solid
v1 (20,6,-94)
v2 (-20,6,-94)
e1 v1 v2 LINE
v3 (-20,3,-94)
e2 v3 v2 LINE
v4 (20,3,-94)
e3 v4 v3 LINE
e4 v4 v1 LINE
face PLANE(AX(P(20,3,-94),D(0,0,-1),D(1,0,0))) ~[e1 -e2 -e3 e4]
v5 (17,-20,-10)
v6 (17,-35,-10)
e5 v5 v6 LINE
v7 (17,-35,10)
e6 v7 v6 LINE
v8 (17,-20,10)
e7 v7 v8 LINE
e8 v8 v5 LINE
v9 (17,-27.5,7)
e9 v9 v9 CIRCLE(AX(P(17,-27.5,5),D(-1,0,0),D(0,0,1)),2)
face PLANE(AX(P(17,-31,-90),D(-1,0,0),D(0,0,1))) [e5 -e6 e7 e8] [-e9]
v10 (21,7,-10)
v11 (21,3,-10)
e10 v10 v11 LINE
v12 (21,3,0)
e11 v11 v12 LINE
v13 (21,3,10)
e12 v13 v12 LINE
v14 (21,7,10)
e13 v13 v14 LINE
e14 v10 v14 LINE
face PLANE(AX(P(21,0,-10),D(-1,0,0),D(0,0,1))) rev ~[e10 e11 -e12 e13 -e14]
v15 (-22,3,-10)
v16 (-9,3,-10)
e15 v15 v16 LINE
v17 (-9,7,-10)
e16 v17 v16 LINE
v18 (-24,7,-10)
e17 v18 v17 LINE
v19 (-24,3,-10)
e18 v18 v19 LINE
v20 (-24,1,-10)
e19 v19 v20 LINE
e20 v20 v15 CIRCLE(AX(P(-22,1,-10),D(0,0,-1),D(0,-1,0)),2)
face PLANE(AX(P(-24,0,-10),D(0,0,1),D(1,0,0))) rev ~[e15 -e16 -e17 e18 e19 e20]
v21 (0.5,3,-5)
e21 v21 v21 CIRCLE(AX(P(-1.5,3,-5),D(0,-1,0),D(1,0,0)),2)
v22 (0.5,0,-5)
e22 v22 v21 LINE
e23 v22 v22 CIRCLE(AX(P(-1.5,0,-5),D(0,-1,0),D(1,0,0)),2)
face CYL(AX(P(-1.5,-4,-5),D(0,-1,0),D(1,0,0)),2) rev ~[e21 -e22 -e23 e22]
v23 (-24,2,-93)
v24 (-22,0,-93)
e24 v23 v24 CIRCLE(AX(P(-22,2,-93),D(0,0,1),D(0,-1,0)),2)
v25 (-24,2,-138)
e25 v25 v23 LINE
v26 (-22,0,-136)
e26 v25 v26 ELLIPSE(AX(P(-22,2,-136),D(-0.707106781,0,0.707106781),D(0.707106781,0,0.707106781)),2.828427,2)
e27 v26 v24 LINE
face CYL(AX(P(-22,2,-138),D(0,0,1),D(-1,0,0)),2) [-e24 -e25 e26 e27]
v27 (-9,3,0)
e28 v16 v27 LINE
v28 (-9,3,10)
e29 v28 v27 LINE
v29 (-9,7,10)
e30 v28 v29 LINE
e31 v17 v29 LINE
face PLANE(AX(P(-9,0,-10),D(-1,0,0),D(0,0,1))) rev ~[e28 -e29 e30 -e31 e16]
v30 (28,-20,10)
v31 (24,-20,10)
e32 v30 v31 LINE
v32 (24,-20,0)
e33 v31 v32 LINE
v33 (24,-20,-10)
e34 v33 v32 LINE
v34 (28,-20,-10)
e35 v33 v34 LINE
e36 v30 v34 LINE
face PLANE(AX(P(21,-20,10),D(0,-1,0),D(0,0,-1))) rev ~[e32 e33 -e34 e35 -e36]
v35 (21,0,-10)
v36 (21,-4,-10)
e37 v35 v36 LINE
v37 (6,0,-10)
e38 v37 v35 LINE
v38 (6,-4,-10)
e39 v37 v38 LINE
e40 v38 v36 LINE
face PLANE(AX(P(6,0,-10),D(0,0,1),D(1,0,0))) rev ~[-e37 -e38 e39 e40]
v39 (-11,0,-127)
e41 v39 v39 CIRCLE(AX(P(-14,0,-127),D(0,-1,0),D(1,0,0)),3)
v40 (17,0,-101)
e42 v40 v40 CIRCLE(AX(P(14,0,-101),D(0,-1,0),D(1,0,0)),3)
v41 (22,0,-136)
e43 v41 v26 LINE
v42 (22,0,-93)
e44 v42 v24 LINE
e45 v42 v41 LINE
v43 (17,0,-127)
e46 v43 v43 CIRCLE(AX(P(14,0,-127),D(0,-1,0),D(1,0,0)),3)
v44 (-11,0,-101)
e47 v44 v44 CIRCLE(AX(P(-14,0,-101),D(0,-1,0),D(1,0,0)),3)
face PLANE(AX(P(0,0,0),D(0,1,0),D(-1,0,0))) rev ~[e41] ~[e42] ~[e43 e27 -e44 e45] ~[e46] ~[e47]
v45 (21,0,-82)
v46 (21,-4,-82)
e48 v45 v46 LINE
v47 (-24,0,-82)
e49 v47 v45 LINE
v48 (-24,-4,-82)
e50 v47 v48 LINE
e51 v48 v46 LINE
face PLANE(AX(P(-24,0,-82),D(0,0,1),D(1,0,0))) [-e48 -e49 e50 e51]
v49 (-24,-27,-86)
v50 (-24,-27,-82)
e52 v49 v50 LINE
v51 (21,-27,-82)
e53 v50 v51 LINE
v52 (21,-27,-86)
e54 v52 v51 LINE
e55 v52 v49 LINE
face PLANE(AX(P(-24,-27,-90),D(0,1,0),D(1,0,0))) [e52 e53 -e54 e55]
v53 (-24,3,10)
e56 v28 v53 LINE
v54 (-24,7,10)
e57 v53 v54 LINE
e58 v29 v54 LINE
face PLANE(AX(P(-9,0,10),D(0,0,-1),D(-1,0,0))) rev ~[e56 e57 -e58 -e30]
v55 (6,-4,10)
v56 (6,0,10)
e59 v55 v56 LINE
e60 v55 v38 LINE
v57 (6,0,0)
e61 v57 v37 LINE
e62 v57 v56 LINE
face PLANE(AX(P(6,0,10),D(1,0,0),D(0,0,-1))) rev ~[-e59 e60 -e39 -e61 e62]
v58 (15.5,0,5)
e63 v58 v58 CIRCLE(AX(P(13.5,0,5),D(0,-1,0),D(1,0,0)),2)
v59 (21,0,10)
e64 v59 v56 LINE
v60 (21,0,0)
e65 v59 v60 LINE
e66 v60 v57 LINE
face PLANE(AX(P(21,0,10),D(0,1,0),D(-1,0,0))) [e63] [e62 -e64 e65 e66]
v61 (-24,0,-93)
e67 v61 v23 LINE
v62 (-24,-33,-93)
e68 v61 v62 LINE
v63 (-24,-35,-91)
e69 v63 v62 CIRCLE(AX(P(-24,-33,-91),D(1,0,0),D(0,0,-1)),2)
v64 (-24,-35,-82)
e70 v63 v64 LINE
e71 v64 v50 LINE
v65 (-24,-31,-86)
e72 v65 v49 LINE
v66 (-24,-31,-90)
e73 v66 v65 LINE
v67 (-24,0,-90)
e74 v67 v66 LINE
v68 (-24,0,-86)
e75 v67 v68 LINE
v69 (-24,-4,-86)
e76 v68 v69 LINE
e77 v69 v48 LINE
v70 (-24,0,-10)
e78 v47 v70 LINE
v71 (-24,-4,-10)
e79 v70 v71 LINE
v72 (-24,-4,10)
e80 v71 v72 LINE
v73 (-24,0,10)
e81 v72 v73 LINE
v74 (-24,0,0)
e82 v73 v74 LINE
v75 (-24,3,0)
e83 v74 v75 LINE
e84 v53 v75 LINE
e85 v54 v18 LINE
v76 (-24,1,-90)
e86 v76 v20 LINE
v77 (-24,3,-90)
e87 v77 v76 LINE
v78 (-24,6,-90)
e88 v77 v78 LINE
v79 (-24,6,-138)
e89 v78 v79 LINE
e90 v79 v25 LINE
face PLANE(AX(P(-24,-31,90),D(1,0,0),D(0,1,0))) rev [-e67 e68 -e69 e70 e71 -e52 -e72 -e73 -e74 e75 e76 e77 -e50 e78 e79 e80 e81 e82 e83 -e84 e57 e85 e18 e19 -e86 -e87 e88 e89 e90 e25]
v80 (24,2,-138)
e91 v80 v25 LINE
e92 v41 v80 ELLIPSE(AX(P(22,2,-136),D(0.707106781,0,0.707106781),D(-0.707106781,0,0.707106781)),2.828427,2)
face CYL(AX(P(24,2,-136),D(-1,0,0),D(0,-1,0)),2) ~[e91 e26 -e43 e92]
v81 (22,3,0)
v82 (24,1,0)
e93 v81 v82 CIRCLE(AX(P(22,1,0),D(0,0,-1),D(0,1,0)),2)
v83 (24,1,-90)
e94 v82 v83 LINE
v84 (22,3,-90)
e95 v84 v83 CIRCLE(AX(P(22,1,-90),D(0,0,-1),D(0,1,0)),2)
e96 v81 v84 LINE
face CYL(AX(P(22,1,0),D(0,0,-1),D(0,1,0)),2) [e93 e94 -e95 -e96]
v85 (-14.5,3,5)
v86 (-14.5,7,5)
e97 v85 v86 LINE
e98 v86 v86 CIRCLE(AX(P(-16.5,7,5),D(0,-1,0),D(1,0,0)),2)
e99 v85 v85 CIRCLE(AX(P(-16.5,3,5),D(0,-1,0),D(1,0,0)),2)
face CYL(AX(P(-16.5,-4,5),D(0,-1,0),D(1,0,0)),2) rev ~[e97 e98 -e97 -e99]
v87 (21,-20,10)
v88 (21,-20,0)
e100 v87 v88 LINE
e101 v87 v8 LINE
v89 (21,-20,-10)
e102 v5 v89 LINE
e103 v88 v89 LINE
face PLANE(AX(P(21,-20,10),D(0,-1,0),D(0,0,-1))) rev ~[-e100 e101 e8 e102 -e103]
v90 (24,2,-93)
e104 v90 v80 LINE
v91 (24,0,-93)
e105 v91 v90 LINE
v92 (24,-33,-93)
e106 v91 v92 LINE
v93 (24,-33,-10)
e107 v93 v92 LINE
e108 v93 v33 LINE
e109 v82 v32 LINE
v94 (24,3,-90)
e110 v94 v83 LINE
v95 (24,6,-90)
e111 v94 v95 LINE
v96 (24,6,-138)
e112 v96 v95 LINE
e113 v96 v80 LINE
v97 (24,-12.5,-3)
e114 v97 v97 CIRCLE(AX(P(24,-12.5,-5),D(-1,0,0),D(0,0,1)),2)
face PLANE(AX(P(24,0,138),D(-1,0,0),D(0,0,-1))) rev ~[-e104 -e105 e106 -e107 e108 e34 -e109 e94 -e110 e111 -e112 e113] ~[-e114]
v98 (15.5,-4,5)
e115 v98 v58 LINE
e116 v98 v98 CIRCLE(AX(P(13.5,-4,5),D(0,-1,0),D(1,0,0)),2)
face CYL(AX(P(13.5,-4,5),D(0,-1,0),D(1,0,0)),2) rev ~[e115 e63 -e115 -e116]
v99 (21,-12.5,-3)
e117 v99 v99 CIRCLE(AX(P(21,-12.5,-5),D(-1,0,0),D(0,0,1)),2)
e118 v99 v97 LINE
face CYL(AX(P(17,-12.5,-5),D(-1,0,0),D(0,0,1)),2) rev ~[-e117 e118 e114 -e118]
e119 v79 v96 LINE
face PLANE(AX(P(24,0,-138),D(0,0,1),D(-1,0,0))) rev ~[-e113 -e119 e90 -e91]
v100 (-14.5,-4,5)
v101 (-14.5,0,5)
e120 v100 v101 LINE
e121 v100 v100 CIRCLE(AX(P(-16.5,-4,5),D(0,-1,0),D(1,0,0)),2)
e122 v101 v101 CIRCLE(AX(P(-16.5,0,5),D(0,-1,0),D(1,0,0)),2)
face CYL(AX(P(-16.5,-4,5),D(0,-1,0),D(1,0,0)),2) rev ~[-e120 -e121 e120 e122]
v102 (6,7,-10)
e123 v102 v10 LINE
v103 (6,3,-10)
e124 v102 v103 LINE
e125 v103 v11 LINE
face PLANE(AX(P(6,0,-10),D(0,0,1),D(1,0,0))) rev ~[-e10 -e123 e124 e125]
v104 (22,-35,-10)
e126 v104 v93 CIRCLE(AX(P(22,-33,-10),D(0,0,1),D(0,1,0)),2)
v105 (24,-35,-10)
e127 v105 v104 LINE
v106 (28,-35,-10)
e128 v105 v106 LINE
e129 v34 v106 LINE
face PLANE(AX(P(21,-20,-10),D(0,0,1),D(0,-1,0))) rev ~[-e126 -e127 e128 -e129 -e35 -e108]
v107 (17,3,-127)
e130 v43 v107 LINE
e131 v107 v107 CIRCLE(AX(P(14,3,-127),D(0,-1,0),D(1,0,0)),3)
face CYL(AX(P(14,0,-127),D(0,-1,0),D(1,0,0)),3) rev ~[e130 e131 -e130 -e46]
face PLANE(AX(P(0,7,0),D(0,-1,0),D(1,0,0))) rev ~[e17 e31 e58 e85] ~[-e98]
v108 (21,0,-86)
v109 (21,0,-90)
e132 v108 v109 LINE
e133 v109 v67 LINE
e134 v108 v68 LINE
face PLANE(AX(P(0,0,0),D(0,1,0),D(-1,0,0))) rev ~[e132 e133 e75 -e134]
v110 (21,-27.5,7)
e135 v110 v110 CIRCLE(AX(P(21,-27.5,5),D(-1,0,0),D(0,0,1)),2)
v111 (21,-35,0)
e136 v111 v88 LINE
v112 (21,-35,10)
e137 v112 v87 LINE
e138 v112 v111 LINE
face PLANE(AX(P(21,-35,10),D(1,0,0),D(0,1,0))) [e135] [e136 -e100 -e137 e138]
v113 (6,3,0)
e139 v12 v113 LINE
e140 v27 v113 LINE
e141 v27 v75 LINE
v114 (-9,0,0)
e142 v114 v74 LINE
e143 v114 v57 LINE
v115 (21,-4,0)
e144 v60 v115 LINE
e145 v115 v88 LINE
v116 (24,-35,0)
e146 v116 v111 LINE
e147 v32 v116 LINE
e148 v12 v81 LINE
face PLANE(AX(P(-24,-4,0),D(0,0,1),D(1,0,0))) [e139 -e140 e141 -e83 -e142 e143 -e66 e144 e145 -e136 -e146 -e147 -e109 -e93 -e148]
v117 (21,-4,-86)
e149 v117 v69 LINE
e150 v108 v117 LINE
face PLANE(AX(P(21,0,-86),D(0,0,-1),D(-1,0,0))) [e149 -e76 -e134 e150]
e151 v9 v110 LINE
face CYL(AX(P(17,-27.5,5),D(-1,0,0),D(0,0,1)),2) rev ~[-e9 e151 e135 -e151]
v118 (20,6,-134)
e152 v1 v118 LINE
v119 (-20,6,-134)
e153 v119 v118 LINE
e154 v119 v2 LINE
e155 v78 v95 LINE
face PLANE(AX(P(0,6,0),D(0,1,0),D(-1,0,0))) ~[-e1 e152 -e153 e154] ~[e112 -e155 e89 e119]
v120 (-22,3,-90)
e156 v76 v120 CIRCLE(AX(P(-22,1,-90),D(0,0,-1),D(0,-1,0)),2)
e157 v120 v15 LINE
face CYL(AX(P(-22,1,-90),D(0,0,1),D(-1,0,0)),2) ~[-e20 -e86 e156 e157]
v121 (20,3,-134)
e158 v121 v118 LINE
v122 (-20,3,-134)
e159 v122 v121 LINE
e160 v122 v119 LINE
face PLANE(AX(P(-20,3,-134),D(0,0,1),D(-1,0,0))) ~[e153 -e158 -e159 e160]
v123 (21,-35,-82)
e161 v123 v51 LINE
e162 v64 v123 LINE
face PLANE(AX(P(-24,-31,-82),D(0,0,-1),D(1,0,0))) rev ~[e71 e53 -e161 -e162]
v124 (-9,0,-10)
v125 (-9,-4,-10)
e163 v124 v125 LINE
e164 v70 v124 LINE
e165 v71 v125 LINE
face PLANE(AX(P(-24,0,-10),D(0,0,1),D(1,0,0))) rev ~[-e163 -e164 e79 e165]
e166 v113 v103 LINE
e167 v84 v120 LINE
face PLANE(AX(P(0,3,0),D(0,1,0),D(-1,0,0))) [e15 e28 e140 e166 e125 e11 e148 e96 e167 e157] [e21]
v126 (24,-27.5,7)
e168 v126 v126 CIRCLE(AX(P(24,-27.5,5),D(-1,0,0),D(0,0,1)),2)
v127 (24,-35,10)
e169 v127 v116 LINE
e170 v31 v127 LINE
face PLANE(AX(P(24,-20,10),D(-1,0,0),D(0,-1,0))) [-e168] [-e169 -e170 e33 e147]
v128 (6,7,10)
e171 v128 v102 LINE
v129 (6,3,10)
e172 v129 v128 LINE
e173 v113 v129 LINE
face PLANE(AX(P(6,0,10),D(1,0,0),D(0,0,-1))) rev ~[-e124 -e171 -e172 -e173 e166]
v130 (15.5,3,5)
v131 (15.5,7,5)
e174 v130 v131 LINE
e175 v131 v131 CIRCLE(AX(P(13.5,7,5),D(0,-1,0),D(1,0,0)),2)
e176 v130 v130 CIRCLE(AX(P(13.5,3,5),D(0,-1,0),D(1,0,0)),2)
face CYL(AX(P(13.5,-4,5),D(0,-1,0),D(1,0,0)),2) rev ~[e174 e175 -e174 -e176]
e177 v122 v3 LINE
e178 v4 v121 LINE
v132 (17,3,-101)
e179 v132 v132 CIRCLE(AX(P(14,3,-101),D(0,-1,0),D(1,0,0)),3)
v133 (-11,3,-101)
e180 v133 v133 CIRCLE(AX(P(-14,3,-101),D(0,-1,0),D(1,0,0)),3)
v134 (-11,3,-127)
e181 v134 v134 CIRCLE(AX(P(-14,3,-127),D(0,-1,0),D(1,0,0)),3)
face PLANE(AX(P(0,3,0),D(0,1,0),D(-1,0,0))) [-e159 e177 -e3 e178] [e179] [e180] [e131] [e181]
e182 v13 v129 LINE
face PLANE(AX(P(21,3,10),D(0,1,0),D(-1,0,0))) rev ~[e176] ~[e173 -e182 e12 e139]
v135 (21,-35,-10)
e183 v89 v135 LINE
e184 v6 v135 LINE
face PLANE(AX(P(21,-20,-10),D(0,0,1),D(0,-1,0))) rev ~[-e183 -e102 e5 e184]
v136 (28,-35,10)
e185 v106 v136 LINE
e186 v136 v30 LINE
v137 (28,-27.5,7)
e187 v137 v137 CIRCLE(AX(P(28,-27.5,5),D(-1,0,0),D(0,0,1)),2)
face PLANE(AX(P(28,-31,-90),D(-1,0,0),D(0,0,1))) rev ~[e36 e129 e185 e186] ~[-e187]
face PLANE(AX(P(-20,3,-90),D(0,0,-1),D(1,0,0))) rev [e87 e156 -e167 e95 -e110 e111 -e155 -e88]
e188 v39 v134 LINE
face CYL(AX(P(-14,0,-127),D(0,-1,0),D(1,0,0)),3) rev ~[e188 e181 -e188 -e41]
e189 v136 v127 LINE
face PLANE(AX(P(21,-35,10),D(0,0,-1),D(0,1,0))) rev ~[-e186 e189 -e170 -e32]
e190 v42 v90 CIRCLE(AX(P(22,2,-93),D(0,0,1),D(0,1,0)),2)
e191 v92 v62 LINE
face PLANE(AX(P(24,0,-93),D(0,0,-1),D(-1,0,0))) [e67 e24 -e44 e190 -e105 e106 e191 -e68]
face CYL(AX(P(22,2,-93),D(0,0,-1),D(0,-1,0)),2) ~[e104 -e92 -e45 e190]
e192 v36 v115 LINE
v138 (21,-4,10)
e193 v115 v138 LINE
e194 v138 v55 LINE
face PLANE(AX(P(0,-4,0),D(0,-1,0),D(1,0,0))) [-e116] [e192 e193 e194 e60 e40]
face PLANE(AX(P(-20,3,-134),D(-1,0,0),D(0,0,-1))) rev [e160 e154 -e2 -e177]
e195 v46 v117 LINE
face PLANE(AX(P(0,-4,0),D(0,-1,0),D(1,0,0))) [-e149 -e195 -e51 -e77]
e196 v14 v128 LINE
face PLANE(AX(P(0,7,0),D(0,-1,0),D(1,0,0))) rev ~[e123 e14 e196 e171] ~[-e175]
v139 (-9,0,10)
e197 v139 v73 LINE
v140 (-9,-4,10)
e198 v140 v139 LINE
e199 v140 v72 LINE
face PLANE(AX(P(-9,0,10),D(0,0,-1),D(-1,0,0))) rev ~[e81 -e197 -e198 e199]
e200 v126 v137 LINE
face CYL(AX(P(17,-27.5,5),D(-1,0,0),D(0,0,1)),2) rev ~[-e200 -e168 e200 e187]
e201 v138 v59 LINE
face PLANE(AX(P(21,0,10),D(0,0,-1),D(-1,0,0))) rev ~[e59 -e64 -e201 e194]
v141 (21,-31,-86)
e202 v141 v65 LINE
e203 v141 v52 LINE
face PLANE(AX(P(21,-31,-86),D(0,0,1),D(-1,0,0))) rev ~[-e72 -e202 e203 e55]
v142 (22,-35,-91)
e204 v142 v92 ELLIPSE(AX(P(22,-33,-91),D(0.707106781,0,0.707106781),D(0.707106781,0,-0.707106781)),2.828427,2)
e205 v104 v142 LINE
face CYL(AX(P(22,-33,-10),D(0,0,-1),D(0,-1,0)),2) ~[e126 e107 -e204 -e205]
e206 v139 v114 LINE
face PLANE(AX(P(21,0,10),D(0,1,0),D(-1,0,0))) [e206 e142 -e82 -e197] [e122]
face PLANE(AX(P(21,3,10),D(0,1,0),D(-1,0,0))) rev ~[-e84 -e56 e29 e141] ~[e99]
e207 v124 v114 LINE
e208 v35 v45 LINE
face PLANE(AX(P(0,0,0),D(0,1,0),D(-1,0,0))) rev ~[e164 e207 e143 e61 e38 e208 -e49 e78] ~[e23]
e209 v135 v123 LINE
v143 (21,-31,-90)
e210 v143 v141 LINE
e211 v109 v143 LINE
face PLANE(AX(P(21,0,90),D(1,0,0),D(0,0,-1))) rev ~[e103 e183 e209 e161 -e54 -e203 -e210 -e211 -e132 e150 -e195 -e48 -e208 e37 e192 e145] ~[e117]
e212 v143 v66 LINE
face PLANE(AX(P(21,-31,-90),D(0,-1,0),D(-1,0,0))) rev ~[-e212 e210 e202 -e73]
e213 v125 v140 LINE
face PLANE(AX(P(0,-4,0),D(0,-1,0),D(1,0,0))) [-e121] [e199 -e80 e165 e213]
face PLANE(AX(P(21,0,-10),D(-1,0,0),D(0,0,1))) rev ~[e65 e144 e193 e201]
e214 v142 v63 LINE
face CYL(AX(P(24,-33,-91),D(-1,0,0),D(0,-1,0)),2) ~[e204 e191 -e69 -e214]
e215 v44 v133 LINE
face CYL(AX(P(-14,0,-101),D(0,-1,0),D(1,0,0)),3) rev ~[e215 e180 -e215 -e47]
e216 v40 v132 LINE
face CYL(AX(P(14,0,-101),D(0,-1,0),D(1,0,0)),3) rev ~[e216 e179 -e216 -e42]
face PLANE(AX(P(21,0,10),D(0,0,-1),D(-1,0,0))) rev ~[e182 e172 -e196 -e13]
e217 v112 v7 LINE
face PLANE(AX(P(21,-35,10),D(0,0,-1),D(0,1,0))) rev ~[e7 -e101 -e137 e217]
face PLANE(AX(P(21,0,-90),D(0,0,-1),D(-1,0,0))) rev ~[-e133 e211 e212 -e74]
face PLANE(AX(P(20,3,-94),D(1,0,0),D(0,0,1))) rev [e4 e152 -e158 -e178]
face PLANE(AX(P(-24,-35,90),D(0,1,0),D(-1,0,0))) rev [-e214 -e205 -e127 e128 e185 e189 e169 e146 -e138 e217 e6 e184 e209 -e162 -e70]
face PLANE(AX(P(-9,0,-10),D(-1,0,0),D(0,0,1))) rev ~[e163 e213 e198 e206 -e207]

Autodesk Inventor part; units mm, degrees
ref_plane "YZ Plane" through (0, 0, 0) normal (1, 0, 0) x (0, 1, 0)
ref_plane "XZ Plane" through (0, 0, 0) normal (0, 1, 0) x (-1, 0, 0)
ref_plane "XY Plane" through (0, 0, 0) normal (0, 0, 1) x (1, 0, 0)
sketch "Sketch1" plane through (0, 0, 0) normal (0, 1, 0) x (-1, 0, 0)
  line L0 (24, 138) -> (-24, 138)
  line L1 (-24, 138) -> (-24, -138)
  line L2 (-24, -138) -> (24, -138)
  line L3 (24, -138) -> (24, 138)
  point P0 (0, 0)
  dimension "d0" = 48
  dimension "d1" = 276
extrude "Extrusion1" add sketch "Sketch1" along normal blind 3
sketch "Sketch2" plane through (0, 3, 0) normal (0, 1, 0) x (1, 0, 0)
  line L0 (-24, 138) -> (-24, -138) projected
  line L1 (-24, -138) -> (-20, -138)
  line L2 (-20, -138) -> (-20, -90)
  line L3 (-20, -90) -> (-24, -90)
  line L4 (-24, -90) -> (-24, -138)
  line L5 (24, -138) -> (24, 138) projected
  line L6 (-20, -90) -> (24, -90)
  line L7 (24, -90) -> (24, -94)
  line L8 (24, -94) -> (-20, -94)
  line L9 (-20, -94) -> (-20, -90)
  line L10 (-24, -138) -> (24, -138) projected
  line L11 (24, -94) -> (20, -94)
  line L12 (20, -94) -> (20, -138)
  line L13 (20, -138) -> (24, -138)
  line L14 (24, -138) -> (24, -94)
  line L15 (20, -138) -> (-20, -138)
  line L16 (-20, -138) -> (-20, -134)
  line L17 (-20, -134) -> (20, -134)
  line L18 (20, -134) -> (20, -138)
  point P0 (0, 0)
  dimension "d4" = 4
  dimension "d5" = 48
  dimension "d6" = 4
  dimension "d7" = 4
  dimension "d8" = 4
extrude "Extrusion2" add sketch "Sketch2" along normal blind 3 contours L3 L2 L1 L0 | L6 L5 L8 L2 | L2 L17 L12 L10 | L12 L8 L5 L10
mirror "Mirror1" about plane through (0, 0, 0) normal (0, 0, 1) of "Extrusion2"
sketch "Sketch3" plane through (0, 0, 0) normal (0, -1, 0) x (1, 0, 0)
  line L0 (24, -90) -> (-24, -90) projected
  line L1 (24, 138) -> (24, -138) projected
  line L2 (-24, -90) -> (24, -90)
  line L3 (24, -90) -> (24, -93)
  line L4 (24, -93) -> (-24, -93)
  line L5 (-24, -93) -> (-24, -90)
  line L6 (-24, 90) -> (24, 90) projected
  line L7 (24, 90) -> (21, 90)
  line L8 (21, 90) -> (21, -90)
  line L9 (21, -90) -> (24, -90)
  line L10 (24, -90) -> (24, 90)
  line L11 (-24, 90) -> (24, 90)
  line L12 (24, 90) -> (24, 93)
  line L13 (24, 93) -> (-24, 93)
  line L14 (-24, 93) -> (-24, 90)
  point P0 (0, 0)
  dimension "d11" = 3
  dimension "d12" = 3
  dimension "d13" = 3
extrude "Extrusion3" add sketch "Sketch3" along normal blind 35
sketch "Sketch4" plane through (-24, 0, -90) normal (0, 0, 1) x (1, 0, 0)
  line L0 (0, -35) -> (45, -35) projected
  line L1 (45, 0) -> (45, -35) projected
  line L2 (0, -35) -> (45, -35)
  line L3 (45, -35) -> (45, -31)
  line L4 (45, -31) -> (0, -31)
  line L5 (0, -31) -> (0, -35)
  point P0 (24, 0)
  dimension "d16" = 4
extrude "Extrusion4" add sketch "Sketch4" along normal blind 8
sketch "Sketch5" plane through (-24, -31, -90) normal (0, 1, 0) x (1, 0, 0)
  line L0 (0, -8) -> (45, -8) projected
  line L1 (45, 0) -> (45, -8) projected
  line L2 (0, -8) -> (45, -8)
  line L3 (45, -8) -> (45, -4)
  line L4 (45, -4) -> (0, -4)
  line L5 (0, -4) -> (0, -8)
  point P0 (24, -90)
  dimension "d19" = 4
extrude "Extrusion5" add sketch "Sketch5" along normal blind 4
sketch "Sketch6" plane through (0, 0, 0) normal (0, -1, 0) x (1, 0, 0)
  line L0 (21, -86) -> (-24, -86) projected
  line L1 (-24, -82) -> (21, -82)
  line L2 (21, -82) -> (21, -86)
  line L3 (21, -86) -> (-24, -86)
  line L4 (-24, -86) -> (-24, -82)
  point P0 (0, 0)
  dimension "d22" = 4
extrude "Extrusion6" add sketch "Sketch6" along normal blind 4
mirror "Mirror2" about plane through (0, 0, 0) normal (0, 0, 1) of "Extrusion6", "Extrusion5", "Extrusion4"
sketch "Sketch7" plane through (0, 0, 0) normal (0, -1, 0) x (1, 0, 0)
  circle A0 centre (-14, -127) radius 3
  circle A1 centre (14, -127) radius 3
  circle A2 centre (14, -101) radius 3
  circle A3 centre (-14, -101) radius 3
  line L0 (-20, -94) -> (20, -94) projected
  line L1 (20, -134) -> (-20, -134) projected
  line L2 (20, -94) -> (20, -134) projected
  point P0 (0, 0)
  dimension "d25" = 6
  dimension "d26" = 6
  dimension "d27" = 6
  dimension "d28" = 6
  dimension "d80" = 28
  dimension "d81" = 26
  dimension "d82" = 26
  dimension "d83" = 28
  dimension "d84" = 7
  dimension "d85" = 7
  dimension "d86" = 7
  dimension "d87" = 6
extrude "Extrusion7" cut sketch "Sketch7" against normal blind 4
mirror "Mirror3" about plane through (0, 0, 0) normal (0, 0, 1) of "Extrusion7"
sketch "Sketch12" plane through (0, 0, 0) normal (0, -1, 0) x (1, 0, 0)
  line L0 (-24, -82) -> (-24, 82) projected
  line L1 (-24, 0) -> (24, 0)
  line L2 (24, 0) -> (24, 138)
  line L3 (24, 138) -> (-24, 138)
  line L4 (-24, 138) -> (-24, 0)
  point P0 (0, 0)
  point P1 (-24, -17)
extrude "Extrusion12" cut sketch "Sketch12" along normal mid plane 100
sketch "Sketch13" plane through (0, 0, 0) normal (0, -1, 0) x (1, 0, 0)
  line L0 (-24, -90) -> (-24, 0) projected
  line L1 (-24, -10) -> (-9, -10)
  line L2 (-9, -10) -> (-9, 10)
  line L3 (-9, 10) -> (-24, 10)
  line L4 (-24, 10) -> (-24, -10)
  line L5 (6, -10) -> (21, -10)
  line L6 (21, -10) -> (21, 10)
  line L7 (21, 10) -> (6, 10)
  line L8 (6, 10) -> (6, -10)
  point P0 (0, 0)
  dimension "d55" = 15
  dimension "d56" = 20
  dimension "d57" = 15
  dimension "d58" = 20
extrude "Extrusion13" add sketch "Sketch13" along normal blind 4 and the other way blind 7
sketch "Sketch14" plane through (21, -31, -90) normal (-1, 0, 0) x (0, 0, 1)
  point P0 (90, 31)
sketch "Sketch15" plane through (21, -31, -90) normal (-1, 0, 0) x (0, 0, 1)
  line L0 (90, -4) -> (8, -4) projected
  line L1 (80, -4) -> (100, -4)
  line L2 (100, -4) -> (100, 11)
  line L3 (100, 11) -> (80, 11)
  line L4 (80, 11) -> (80, -4)
  point P0 (90, 31)
  dimension "d63" = 20
  dimension "d64" = 15
extrude "Extrusion14" add sketch "Sketch15" along normal blind 4 and the other way blind 7
sketch "Sketch16" plane through (0, -4, 0) normal (0, -1, 0) x (1, 0, 0)
  circle A0 centre (-16.5, 5) radius 2
  circle A1 centre (13.5, 5) radius 2
  circle A2 centre (-1.5, -5) radius 2
  point P0 (0, 0)
  dimension "d69" = 4
  dimension "d70" = 4
  dimension "d71" = 4
extrude "Extrusion15" cut sketch "Sketch16" against normal blind 20
sketch "Sketch17" plane through (17, -31, -90) normal (-1, 0, 0) x (0, 0, 1)
  circle A0 centre (95, 3.5) radius 2
  circle A1 centre (85, 18.5) radius 2
  point P0 (90, 31)
  dimension "d74" = 4
  dimension "d75" = 4
extrude "Extrusion16" cut sketch "Sketch17" against normal blind 20
sketch "Sketch18" plane through (-24, -4, 10) normal (0, 0, 1) x (1, 0, 0)
  line L0 (48, 4) -> (48, -31) projected
  line L1 (45, -31) -> (45, -16) projected
  line L2 (48, -31) -> (45, -31)
  line L3 (45, -31) -> (45, -16)
  line L4 (45, -16) -> (48, -16)
  line L5 (48, -16) -> (48, -31)
  line L6 (48, 7) -> (0, 7) projected
  line L7 (45, 4) -> (0, 4)
  line L8 (0, 4) -> (0, 7)
  line L9 (0, 7) -> (45, 7)
  line L10 (45, 7) -> (45, 4)
  point P0 (24, 4)
extrude "Extrusion17" cut sketch "Sketch18" against normal blind 10
fillet "Fillet1" radius 2 7 edges at (24, -35, -51.5) (24, 3, -45) (-24, 3, -50) (-24, 0, -115.5) (0, 0, -138) (24, 0, -115.5) (0, -35, -93)
properties part number "carriageEnd2R"
